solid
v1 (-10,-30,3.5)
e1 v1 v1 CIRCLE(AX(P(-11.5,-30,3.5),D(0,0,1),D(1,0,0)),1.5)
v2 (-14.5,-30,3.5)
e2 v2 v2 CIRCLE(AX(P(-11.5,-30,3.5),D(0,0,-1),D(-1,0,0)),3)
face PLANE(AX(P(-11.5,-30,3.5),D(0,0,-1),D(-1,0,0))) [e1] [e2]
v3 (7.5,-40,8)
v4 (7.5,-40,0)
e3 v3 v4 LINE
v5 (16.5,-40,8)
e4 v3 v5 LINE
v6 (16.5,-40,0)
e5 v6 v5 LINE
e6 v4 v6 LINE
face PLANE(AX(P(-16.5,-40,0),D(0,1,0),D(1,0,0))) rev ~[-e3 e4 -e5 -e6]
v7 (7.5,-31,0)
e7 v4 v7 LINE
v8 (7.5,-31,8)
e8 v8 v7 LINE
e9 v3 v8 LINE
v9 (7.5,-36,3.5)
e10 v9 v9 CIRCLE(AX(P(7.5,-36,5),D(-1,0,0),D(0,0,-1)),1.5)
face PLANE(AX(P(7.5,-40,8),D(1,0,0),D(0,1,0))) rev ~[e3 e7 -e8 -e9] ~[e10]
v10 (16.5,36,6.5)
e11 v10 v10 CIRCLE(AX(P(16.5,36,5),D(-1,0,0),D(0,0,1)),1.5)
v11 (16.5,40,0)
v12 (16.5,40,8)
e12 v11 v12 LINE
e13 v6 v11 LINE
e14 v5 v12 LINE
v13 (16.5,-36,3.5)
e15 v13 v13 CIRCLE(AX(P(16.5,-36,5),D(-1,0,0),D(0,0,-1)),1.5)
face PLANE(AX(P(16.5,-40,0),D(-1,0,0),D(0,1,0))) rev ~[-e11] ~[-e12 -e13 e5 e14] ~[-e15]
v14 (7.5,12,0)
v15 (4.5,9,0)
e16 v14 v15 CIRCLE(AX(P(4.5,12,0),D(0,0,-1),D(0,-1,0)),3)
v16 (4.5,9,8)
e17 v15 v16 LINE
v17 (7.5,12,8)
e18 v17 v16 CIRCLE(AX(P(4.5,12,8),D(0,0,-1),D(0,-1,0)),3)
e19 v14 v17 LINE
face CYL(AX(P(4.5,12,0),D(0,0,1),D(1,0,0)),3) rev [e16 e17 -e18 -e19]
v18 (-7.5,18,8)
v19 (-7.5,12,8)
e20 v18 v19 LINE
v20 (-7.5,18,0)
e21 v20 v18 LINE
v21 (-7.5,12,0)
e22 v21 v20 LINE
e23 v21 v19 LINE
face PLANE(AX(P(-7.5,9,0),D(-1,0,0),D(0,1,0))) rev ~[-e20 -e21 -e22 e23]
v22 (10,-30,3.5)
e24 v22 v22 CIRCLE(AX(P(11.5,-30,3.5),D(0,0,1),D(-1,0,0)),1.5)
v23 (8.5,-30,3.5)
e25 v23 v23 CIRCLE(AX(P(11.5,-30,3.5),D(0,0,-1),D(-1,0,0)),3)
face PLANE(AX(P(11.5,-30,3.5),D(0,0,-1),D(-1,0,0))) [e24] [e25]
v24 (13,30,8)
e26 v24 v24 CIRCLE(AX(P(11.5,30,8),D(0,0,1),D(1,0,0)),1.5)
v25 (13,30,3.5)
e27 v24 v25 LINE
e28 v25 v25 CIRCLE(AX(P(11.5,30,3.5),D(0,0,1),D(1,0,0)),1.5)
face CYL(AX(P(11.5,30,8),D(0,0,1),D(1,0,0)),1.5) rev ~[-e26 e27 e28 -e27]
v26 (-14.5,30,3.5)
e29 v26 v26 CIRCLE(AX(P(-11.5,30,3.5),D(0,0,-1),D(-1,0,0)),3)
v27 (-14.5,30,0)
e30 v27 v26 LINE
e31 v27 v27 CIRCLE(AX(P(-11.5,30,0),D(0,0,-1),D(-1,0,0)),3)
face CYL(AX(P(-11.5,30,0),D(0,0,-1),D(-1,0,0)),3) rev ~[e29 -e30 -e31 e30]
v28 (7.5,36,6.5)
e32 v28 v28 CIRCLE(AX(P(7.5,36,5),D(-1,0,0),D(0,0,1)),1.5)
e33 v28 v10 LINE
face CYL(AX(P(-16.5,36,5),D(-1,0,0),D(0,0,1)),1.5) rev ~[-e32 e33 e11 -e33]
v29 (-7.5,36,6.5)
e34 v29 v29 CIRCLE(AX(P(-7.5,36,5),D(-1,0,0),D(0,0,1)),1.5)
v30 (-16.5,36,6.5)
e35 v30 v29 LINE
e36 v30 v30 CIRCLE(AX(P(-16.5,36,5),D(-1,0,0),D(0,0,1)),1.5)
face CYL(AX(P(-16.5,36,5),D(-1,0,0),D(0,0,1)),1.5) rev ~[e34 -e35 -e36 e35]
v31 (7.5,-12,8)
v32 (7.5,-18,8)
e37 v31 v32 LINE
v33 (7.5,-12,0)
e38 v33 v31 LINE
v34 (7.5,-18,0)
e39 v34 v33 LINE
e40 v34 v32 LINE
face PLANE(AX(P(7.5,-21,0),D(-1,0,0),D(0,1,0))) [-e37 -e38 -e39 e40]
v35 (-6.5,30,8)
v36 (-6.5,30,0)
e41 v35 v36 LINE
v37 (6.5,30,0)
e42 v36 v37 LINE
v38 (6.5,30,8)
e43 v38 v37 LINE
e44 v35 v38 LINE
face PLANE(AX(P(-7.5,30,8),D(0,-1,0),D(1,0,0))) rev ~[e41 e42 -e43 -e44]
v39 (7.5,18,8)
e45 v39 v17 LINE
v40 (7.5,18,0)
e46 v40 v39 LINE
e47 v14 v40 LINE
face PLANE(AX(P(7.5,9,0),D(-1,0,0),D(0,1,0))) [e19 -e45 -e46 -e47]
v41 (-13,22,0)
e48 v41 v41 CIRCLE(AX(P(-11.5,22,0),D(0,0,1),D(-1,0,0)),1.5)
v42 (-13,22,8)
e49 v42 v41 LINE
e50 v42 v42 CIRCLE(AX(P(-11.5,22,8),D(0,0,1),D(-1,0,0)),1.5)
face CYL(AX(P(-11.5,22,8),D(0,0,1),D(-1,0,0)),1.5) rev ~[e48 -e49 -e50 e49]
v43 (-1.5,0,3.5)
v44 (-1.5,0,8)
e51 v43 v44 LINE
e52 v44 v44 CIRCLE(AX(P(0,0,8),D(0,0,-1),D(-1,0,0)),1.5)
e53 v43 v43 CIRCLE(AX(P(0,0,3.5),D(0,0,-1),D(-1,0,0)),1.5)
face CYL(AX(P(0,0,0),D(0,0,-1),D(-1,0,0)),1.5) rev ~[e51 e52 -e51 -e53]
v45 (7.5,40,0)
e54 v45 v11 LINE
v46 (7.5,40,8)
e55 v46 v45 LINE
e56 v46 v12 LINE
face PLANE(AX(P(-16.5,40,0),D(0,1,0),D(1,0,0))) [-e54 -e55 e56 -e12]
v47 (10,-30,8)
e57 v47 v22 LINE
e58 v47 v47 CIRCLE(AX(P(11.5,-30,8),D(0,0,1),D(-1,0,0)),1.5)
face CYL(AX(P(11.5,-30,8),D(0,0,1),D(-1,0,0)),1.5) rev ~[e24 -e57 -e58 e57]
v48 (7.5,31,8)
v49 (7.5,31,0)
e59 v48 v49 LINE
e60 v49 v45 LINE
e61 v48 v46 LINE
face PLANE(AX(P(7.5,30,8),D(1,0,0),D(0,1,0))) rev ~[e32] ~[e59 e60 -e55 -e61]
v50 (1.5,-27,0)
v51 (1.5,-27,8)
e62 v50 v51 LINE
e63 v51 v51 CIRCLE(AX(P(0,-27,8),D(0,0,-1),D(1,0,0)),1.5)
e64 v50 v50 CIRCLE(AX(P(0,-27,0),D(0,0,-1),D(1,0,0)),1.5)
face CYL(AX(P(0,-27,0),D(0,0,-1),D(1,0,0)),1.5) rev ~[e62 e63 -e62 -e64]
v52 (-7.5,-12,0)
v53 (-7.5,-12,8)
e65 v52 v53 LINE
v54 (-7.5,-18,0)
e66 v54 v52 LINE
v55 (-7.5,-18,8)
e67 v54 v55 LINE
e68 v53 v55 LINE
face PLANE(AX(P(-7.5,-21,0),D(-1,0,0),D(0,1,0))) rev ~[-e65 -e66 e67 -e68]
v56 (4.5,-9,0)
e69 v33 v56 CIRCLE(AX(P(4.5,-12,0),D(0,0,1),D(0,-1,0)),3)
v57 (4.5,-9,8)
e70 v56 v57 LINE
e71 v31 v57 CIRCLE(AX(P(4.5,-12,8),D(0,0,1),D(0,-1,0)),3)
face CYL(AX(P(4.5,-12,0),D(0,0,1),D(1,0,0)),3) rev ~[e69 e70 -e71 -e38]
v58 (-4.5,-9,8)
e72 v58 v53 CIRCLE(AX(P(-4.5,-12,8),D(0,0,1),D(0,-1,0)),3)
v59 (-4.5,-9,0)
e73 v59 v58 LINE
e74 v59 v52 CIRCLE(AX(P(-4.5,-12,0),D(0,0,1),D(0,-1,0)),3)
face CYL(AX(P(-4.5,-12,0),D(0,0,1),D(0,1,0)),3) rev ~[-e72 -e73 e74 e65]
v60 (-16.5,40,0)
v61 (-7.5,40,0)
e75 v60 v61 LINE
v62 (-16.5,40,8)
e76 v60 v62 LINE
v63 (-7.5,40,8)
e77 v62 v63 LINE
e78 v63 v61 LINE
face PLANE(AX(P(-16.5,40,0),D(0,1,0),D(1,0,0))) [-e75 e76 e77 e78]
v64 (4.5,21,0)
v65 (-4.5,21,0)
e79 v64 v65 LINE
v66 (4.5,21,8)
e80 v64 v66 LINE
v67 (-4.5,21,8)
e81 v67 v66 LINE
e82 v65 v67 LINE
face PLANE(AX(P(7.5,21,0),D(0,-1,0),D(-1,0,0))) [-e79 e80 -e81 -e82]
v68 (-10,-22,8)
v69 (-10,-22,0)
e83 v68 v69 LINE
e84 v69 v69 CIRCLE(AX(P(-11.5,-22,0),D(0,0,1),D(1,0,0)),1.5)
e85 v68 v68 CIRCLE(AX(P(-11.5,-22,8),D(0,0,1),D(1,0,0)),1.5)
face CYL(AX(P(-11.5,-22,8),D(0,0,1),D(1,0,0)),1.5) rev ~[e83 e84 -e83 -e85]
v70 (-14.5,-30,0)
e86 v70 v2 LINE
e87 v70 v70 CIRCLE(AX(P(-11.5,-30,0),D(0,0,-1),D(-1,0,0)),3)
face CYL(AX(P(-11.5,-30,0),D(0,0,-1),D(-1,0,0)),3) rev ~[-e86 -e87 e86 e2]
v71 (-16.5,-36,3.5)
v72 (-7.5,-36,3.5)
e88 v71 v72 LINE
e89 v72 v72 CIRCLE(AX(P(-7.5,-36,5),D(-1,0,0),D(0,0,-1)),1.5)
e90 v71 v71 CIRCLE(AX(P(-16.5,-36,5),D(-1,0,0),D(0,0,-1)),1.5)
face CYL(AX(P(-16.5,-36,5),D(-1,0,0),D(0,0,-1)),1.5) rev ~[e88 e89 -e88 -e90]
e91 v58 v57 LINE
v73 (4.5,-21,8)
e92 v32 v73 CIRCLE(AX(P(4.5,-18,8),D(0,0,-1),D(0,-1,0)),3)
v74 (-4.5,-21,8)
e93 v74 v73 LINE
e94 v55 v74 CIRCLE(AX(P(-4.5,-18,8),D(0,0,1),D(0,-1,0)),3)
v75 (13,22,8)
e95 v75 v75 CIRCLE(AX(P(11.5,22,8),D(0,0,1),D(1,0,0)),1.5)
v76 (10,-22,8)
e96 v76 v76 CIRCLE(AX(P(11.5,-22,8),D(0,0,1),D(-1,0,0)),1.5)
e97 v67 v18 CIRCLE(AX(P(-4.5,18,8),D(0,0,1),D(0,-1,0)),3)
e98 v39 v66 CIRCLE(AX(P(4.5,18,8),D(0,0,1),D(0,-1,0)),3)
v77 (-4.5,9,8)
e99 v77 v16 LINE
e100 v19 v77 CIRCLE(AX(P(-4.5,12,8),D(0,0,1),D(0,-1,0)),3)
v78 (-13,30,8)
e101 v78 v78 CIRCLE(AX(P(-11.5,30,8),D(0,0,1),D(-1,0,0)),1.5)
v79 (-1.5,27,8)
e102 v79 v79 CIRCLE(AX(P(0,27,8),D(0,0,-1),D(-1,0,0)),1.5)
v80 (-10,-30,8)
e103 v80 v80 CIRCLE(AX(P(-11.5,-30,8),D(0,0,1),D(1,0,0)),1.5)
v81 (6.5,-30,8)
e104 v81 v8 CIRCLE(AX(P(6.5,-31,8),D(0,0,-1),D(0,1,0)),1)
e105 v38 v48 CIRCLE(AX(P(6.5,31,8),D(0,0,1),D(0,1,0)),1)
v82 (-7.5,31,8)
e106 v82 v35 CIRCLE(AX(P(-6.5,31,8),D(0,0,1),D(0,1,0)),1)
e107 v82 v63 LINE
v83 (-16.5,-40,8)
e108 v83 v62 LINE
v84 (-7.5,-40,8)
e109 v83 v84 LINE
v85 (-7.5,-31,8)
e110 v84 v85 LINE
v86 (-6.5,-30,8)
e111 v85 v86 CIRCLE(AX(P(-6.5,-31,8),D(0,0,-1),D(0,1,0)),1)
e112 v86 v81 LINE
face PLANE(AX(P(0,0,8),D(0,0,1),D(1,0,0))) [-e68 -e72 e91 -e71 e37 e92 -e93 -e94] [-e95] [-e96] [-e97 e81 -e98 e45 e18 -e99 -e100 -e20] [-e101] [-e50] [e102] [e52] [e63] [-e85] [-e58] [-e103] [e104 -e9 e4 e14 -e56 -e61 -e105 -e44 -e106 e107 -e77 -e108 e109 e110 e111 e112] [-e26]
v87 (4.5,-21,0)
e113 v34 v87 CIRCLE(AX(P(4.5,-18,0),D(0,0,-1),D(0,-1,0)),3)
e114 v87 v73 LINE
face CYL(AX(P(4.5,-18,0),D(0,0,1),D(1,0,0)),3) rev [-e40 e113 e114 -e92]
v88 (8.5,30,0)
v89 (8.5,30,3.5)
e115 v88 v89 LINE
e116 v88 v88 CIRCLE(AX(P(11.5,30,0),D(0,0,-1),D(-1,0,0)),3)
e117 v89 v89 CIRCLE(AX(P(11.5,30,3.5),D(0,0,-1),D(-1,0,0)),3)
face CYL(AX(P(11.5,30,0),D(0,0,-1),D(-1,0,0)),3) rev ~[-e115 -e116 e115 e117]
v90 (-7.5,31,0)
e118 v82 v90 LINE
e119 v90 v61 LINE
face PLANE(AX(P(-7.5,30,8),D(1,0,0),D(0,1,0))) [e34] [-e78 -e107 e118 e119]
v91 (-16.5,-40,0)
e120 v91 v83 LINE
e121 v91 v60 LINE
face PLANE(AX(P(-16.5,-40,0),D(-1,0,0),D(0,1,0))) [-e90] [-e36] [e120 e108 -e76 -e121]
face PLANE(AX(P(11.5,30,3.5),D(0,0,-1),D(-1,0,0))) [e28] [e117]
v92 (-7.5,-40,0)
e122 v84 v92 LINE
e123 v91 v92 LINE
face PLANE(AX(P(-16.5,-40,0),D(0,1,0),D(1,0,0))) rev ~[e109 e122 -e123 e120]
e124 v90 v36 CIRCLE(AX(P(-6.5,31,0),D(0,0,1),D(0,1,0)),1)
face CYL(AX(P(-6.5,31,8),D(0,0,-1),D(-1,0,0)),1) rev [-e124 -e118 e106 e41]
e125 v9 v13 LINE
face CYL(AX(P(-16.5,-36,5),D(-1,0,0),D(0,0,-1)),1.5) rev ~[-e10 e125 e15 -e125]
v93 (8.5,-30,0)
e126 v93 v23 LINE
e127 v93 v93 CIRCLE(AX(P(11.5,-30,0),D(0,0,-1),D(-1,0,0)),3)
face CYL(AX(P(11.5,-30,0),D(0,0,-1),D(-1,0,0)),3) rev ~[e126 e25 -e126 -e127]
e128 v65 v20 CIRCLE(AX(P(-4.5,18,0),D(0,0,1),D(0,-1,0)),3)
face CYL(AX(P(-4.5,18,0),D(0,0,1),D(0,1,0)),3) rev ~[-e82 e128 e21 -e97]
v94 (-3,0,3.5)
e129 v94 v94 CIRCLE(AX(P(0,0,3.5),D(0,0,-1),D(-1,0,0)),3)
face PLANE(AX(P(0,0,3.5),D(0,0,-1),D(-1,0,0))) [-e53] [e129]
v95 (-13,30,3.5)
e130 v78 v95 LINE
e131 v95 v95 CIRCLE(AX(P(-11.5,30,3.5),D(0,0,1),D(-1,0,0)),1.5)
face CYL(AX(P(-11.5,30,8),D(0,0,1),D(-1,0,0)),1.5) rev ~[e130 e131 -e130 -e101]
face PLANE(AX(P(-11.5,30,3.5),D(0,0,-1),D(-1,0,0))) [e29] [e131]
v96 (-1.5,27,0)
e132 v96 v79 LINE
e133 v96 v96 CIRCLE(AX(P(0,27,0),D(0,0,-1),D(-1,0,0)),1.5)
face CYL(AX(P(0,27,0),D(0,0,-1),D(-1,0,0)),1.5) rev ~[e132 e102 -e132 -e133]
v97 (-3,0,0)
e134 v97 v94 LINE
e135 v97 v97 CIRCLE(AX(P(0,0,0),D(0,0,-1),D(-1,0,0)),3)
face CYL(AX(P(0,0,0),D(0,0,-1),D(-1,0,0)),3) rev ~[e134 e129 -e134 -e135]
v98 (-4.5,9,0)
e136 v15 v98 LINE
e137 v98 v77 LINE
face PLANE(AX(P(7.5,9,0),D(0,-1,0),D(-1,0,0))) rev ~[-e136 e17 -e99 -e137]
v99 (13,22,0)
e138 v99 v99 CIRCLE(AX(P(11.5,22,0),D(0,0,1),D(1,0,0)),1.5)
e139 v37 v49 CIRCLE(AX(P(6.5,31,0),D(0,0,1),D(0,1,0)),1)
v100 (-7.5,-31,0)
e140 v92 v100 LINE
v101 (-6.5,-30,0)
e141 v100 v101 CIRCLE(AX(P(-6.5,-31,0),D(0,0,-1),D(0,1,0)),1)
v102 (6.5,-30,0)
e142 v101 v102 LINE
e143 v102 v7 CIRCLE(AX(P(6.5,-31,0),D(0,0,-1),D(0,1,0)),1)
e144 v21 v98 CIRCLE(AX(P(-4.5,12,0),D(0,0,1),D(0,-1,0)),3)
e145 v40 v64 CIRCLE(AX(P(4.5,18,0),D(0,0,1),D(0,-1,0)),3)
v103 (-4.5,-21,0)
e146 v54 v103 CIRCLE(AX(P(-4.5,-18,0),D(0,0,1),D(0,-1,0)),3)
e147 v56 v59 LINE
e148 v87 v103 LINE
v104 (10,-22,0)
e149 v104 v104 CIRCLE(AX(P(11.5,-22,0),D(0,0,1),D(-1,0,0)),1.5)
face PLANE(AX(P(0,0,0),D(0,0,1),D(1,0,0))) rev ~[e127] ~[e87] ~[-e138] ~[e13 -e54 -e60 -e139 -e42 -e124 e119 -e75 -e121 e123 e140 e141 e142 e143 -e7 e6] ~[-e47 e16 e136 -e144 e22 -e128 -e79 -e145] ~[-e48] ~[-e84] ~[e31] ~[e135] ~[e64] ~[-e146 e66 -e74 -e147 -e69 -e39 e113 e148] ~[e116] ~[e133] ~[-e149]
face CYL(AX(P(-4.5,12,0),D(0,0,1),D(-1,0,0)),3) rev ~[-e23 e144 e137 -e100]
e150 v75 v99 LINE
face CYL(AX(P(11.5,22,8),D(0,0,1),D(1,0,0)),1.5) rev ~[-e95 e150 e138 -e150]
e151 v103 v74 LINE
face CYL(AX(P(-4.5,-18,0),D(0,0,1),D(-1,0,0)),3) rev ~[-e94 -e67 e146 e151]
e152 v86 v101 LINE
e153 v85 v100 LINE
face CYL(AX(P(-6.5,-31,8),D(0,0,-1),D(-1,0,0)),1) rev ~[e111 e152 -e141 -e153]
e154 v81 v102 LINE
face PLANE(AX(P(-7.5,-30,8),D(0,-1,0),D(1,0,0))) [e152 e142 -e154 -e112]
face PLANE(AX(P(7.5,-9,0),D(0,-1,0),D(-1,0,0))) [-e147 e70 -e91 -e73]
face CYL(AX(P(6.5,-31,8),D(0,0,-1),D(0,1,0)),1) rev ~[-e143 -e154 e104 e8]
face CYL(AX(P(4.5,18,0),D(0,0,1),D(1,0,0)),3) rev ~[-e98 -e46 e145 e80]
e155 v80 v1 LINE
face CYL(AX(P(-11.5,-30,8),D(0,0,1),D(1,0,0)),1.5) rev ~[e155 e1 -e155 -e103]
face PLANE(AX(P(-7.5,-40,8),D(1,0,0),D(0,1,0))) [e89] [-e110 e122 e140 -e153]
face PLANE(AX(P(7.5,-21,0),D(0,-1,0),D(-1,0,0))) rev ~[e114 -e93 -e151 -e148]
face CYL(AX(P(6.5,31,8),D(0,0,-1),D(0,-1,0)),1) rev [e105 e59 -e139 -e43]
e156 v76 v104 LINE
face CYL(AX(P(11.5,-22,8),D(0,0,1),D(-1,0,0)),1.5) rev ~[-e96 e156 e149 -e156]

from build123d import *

# Parameters (mm, degrees)
SKETCH_1_W          = 33
SKETCH_1_H          = 80
EXTRUDE_1_DEPTH     = 8
SKETCH_2_W          = 15
SKETCH_2_H          = 10
CUT_EXTRUDE_1_DEPTH = 45.002840817
SKETCH_3_R          = 1.5
CUT_EXTRUDE_2_DEPTH = 45.002840817
SKETCH_4_R          = 1.5
CUT_EXTRUDE_3_DEPTH = 53.469038489
FILLET_2_R          = 1
SKETCH_5_R          = 1.5
CUT_EXTRUDE_4_DEPTH = 45.002840817
SKETCH_7_W          = 15
SKETCH_7_H          = 12
CUT_EXTRUDE_5_DEPTH = 45.002840817
FILLET_3_R          = 3
SKETCH_8_R          = 3
CUT_EXTRUDE_6_DEPTH = 3.5


with BuildPart() as part:
    # 草图1 → 凸台-拉伸1 (new body)
    with BuildSketch(Plane.XY):
        Rectangle(SKETCH_1_W, SKETCH_1_H)
    extrude(amount=EXTRUDE_1_DEPTH)

    # 草图2 → 切除-拉伸1 (cut, through all)
    with BuildSketch(Plane.XY.offset(8)):
        with Locations((0, 35)):
            Rectangle(SKETCH_2_W, SKETCH_2_H)
        with Locations((0, -35)):
            Rectangle(SKETCH_2_W, SKETCH_2_H)
    extrude(amount=-CUT_EXTRUDE_1_DEPTH, mode=Mode.SUBTRACT)

    # 草图3 → 切除-拉伸2 (cut, through all)
    with BuildSketch(Plane.XY.offset(8)):
        with Locations((11.5, 22)):
            Circle(SKETCH_3_R)
        with Locations((11.5, 30)):
            Circle(SKETCH_3_R)
        with Locations(Location((11.5, -30, 0), (0, 0, 180))):
            Circle(SKETCH_3_R)
        with Locations(Location((11.5, -22, 0), (0, 0, 180))):
            Circle(SKETCH_3_R)
        with Locations((-11.5, -22)):
            Circle(SKETCH_3_R)
        with Locations((-11.5, -30)):
            Circle(SKETCH_3_R)
        with Locations(Location((-11.5, 30, 0), (0, 0, 180))):
            Circle(SKETCH_3_R)
        with Locations(Location((-11.5, 22, 0), (0, 0, 180))):
            Circle(SKETCH_3_R)
    extrude(amount=-CUT_EXTRUDE_2_DEPTH, mode=Mode.SUBTRACT)

    # 草图4 → 切除-拉伸3 (cut, through all)
    with BuildSketch(Plane.ZY.offset(16.5)):
        with Locations((5, 36)):
            Circle(SKETCH_4_R)
        with Locations(Location((5, -36, 0), (0, 0, 180))):
            Circle(SKETCH_4_R)
    extrude(amount=-CUT_EXTRUDE_3_DEPTH, mode=Mode.SUBTRACT)

    # 圆角2
    fillet_2_edges = [part.edges().sort_by_distance(p)[0] for p in [
        (7.5, 30, 4),
        (-7.5, 30, 4),
        (-7.5, -30, 4),
        (7.5, -30, 4),
    ]]
    fillet(fillet_2_edges, radius=FILLET_2_R)

    # 草图5 → 切除-拉伸4 (cut, through all)
    with BuildSketch(Plane(origin=(0, 0, 0), x_dir=(-1, 0, 0), z_dir=(0, 0, -1))):
        Circle(SKETCH_5_R)
        with Locations((0, 27)):
            Circle(SKETCH_5_R)
        with Locations(Location((0, -27, 0), (0, 0, 180))):
            Circle(SKETCH_5_R)
    extrude(amount=-CUT_EXTRUDE_4_DEPTH, mode=Mode.SUBTRACT)

    # 草图7 → 切除-拉伸5 (cut, through all)
    with BuildSketch(Plane(origin=(0, 0, 0), x_dir=(-1, 0, 0), z_dir=(0, 0, -1))):
        with Locations((0, 15)):
            Rectangle(SKETCH_7_W, SKETCH_7_H)
        with Locations((0, -15)):
            Rectangle(SKETCH_7_W, SKETCH_7_H)
    extrude(amount=-CUT_EXTRUDE_5_DEPTH, mode=Mode.SUBTRACT)

    # 圆角3
    fillet_3_edges = [part.edges().sort_by_distance(p)[0] for p in [
        (-7.5, 21, 4),
        (-7.5, 9, 4),
        (7.5, 9, 4),
        (7.5, 21, 4),
        (7.5, -21, 4),
        (7.5, -9, 4),
        (-7.5, -9, 4),
        (-7.5, -21, 4),
    ]]
    fillet(fillet_3_edges, radius=FILLET_3_R)

    # 草图8 → 切除-拉伸6 (cut)
    with BuildSketch(Plane(origin=(0, 0, 0), x_dir=(-1, 0, 0), z_dir=(0, 0, -1))):
        with Locations((11.5, 30)):
            Circle(SKETCH_8_R)
        with Locations((-11.5, 30)):
            Circle(SKETCH_8_R)
        with Locations((-11.5, -30)):
            Circle(SKETCH_8_R)
        with Locations((11.5, -30)):
            Circle(SKETCH_8_R)
        Circle(SKETCH_8_R)
    extrude(amount=-CUT_EXTRUDE_6_DEPTH, mode=Mode.SUBTRACT)


solid = part.part
